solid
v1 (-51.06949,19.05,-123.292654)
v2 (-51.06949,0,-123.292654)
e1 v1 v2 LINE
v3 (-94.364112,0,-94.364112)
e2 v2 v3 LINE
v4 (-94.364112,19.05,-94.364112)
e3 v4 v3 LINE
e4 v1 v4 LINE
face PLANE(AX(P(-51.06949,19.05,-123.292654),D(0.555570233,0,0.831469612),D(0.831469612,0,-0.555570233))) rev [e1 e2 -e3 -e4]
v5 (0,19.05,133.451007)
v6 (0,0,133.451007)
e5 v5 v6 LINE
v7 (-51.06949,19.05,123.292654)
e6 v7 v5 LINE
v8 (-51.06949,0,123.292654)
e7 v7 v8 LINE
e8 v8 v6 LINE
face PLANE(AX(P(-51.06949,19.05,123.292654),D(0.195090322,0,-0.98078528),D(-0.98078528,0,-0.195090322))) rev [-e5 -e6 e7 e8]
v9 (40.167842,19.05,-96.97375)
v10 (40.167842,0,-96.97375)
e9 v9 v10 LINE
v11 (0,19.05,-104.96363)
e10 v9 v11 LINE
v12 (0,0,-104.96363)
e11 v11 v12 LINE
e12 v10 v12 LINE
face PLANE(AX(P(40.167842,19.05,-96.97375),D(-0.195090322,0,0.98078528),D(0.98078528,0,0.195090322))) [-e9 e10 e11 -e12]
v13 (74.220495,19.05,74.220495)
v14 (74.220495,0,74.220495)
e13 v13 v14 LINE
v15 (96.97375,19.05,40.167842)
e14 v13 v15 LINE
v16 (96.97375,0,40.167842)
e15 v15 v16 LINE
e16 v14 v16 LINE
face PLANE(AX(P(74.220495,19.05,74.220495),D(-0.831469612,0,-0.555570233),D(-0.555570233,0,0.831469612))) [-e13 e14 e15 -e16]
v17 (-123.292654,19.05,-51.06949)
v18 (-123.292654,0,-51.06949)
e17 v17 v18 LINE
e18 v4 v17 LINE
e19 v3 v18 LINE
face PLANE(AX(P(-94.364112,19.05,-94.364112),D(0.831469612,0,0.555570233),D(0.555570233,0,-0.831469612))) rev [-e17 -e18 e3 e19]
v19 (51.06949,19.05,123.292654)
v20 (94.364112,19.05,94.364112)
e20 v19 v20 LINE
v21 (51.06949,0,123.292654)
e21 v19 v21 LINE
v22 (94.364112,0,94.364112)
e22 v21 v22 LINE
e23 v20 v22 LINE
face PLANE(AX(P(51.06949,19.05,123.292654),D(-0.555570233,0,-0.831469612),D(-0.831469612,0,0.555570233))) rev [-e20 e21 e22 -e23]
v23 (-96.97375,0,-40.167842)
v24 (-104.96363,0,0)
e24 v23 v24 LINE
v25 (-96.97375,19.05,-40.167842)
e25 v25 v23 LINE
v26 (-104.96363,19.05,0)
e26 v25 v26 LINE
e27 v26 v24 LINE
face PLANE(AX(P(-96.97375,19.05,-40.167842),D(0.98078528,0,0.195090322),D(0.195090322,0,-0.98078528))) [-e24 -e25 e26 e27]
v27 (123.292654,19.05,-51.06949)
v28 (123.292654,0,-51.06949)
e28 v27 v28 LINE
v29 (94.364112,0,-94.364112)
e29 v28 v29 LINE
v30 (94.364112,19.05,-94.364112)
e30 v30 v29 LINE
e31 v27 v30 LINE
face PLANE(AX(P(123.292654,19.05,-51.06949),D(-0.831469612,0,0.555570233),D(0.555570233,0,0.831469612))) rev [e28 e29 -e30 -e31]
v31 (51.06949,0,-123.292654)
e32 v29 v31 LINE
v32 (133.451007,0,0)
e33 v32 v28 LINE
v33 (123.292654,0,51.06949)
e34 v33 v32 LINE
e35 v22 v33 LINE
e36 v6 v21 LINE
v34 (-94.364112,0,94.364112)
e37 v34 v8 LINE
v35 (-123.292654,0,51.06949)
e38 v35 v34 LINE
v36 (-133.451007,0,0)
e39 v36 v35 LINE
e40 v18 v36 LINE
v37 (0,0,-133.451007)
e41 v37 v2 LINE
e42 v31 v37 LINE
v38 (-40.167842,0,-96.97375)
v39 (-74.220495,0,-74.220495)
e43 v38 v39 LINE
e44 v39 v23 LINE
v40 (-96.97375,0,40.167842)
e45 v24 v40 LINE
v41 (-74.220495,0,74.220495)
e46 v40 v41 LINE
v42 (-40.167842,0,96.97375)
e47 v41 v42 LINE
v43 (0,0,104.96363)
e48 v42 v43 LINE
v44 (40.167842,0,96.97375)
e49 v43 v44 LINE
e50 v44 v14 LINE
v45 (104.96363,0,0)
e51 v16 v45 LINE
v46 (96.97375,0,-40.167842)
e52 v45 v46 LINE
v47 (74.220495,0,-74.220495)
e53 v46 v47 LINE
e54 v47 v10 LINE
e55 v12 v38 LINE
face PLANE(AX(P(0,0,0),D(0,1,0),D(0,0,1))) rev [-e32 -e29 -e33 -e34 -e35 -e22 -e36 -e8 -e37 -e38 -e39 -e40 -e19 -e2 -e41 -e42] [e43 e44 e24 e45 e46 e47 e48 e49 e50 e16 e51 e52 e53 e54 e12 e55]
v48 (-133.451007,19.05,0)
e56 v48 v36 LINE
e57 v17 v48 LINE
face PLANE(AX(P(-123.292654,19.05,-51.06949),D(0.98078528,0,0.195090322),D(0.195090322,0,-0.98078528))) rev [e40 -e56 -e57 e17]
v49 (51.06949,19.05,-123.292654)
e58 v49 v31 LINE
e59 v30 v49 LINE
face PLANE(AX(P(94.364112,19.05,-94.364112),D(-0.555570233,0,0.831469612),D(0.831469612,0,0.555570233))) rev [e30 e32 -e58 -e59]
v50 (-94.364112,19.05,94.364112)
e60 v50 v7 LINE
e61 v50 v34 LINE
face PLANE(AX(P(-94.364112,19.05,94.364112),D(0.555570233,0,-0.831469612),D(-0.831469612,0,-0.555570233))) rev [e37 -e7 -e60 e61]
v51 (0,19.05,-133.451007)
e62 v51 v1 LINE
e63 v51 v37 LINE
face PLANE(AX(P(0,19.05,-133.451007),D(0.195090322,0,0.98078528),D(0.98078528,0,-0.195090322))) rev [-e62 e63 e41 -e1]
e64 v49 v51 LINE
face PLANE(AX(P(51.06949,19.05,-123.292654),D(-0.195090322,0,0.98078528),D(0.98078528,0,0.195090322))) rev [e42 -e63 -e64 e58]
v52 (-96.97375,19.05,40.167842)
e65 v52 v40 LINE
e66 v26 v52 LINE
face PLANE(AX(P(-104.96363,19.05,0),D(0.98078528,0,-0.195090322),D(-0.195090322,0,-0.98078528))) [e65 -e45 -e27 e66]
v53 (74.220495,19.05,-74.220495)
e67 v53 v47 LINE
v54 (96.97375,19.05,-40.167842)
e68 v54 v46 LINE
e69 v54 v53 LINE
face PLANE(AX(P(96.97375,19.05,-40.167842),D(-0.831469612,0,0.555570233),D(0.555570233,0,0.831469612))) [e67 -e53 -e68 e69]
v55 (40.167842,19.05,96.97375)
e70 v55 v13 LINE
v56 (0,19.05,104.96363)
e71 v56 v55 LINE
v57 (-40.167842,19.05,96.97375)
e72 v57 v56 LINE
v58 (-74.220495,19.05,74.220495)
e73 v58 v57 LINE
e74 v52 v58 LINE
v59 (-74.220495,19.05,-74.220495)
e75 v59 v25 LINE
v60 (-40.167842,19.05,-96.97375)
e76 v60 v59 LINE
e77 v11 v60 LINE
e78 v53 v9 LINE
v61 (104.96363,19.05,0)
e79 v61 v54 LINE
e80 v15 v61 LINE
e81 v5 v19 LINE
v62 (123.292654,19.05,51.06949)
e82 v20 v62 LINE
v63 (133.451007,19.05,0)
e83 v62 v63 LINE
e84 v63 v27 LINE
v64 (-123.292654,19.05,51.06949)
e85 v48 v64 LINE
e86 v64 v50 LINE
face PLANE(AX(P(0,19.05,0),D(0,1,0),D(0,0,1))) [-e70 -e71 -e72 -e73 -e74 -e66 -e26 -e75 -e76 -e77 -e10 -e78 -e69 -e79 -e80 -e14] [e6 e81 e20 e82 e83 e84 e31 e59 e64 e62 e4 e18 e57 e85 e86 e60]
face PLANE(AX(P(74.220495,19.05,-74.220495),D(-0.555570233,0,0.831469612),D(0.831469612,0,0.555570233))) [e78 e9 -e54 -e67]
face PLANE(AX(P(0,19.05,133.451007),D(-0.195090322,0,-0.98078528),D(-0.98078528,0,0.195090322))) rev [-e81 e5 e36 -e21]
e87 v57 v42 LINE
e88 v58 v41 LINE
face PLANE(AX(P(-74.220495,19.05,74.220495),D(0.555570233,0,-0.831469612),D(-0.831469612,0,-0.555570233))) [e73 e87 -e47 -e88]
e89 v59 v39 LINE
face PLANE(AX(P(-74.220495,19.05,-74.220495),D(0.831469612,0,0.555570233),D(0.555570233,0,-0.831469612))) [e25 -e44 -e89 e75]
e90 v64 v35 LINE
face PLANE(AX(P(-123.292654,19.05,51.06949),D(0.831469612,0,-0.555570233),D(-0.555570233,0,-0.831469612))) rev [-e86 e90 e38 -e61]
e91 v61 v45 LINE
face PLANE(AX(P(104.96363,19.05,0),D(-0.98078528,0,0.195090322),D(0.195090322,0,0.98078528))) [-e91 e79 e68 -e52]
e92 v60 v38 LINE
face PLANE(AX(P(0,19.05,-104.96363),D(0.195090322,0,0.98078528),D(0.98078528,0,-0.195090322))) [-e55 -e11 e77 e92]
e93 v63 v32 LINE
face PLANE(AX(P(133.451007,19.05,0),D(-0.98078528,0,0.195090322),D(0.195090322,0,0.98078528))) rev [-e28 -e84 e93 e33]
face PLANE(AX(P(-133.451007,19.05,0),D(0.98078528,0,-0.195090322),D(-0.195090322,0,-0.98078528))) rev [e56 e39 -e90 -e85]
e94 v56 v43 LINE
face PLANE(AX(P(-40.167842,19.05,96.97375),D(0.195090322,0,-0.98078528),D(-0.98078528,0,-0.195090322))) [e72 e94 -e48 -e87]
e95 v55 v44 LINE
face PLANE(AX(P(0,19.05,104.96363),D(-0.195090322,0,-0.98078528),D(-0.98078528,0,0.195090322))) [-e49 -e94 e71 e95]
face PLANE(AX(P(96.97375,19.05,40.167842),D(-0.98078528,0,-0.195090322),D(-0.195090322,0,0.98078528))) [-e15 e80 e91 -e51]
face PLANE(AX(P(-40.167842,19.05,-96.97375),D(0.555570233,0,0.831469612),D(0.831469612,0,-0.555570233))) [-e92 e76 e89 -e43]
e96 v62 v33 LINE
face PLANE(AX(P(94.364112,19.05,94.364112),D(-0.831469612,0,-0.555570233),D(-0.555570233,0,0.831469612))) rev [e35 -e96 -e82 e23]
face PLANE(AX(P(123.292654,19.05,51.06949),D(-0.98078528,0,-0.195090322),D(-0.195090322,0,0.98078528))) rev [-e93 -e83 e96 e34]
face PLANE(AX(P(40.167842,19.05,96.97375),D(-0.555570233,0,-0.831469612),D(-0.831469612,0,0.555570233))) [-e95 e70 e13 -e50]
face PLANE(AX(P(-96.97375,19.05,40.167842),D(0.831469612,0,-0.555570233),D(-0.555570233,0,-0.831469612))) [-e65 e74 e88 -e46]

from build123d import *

# Parameters (mm, degrees)
BOSS_EXTRUDE1_DEPTH = 19.05


with BuildPart() as part:
    # Sketch1 → Boss-Extrude1 (new body)
    with BuildSketch(Plane(origin=(0, 0, 0), x_dir=(1, 0, 0), z_dir=(0, 1, 0))):
        Polygon((133.451007364, 0), (123.292654297, 51.069489551), (94.364112263, 94.364112263), (51.069489551, 123.292654297), (0, 133.451007364), (-51.069489551, 123.292654297), (-94.364112263, 94.364112263), (-123.292654297, 51.069489551), (-133.451007364, 0), (-123.292654297, -51.069489551), (-94.364112263, -94.364112263), (-51.069489551, -123.292654297), (0, -133.451007364), (51.069489551, -123.292654297), (94.364112263, -94.364112263), (123.292654297, -51.069489551), align=None)
        Polygon((104.963630404, 0), (96.973749788, 40.167842356), (74.220494836, 74.220494836), (40.167842356, 96.973749788), (0, 104.963630404), (-40.167842356, 96.973749788), (-74.220494836, 74.220494836), (-96.973749788, 40.167842356), (-104.963630404, 0), (-96.973749788, -40.167842356), (-74.220494836, -74.220494836), (-40.167842356, -96.973749788), (0, -104.963630404), (40.167842356, -96.973749788), (74.220494836, -74.220494836), (96.973749788, -40.167842356), align=None, mode=Mode.SUBTRACT)
    extrude(amount=BOSS_EXTRUDE1_DEPTH)


solid = part.part
